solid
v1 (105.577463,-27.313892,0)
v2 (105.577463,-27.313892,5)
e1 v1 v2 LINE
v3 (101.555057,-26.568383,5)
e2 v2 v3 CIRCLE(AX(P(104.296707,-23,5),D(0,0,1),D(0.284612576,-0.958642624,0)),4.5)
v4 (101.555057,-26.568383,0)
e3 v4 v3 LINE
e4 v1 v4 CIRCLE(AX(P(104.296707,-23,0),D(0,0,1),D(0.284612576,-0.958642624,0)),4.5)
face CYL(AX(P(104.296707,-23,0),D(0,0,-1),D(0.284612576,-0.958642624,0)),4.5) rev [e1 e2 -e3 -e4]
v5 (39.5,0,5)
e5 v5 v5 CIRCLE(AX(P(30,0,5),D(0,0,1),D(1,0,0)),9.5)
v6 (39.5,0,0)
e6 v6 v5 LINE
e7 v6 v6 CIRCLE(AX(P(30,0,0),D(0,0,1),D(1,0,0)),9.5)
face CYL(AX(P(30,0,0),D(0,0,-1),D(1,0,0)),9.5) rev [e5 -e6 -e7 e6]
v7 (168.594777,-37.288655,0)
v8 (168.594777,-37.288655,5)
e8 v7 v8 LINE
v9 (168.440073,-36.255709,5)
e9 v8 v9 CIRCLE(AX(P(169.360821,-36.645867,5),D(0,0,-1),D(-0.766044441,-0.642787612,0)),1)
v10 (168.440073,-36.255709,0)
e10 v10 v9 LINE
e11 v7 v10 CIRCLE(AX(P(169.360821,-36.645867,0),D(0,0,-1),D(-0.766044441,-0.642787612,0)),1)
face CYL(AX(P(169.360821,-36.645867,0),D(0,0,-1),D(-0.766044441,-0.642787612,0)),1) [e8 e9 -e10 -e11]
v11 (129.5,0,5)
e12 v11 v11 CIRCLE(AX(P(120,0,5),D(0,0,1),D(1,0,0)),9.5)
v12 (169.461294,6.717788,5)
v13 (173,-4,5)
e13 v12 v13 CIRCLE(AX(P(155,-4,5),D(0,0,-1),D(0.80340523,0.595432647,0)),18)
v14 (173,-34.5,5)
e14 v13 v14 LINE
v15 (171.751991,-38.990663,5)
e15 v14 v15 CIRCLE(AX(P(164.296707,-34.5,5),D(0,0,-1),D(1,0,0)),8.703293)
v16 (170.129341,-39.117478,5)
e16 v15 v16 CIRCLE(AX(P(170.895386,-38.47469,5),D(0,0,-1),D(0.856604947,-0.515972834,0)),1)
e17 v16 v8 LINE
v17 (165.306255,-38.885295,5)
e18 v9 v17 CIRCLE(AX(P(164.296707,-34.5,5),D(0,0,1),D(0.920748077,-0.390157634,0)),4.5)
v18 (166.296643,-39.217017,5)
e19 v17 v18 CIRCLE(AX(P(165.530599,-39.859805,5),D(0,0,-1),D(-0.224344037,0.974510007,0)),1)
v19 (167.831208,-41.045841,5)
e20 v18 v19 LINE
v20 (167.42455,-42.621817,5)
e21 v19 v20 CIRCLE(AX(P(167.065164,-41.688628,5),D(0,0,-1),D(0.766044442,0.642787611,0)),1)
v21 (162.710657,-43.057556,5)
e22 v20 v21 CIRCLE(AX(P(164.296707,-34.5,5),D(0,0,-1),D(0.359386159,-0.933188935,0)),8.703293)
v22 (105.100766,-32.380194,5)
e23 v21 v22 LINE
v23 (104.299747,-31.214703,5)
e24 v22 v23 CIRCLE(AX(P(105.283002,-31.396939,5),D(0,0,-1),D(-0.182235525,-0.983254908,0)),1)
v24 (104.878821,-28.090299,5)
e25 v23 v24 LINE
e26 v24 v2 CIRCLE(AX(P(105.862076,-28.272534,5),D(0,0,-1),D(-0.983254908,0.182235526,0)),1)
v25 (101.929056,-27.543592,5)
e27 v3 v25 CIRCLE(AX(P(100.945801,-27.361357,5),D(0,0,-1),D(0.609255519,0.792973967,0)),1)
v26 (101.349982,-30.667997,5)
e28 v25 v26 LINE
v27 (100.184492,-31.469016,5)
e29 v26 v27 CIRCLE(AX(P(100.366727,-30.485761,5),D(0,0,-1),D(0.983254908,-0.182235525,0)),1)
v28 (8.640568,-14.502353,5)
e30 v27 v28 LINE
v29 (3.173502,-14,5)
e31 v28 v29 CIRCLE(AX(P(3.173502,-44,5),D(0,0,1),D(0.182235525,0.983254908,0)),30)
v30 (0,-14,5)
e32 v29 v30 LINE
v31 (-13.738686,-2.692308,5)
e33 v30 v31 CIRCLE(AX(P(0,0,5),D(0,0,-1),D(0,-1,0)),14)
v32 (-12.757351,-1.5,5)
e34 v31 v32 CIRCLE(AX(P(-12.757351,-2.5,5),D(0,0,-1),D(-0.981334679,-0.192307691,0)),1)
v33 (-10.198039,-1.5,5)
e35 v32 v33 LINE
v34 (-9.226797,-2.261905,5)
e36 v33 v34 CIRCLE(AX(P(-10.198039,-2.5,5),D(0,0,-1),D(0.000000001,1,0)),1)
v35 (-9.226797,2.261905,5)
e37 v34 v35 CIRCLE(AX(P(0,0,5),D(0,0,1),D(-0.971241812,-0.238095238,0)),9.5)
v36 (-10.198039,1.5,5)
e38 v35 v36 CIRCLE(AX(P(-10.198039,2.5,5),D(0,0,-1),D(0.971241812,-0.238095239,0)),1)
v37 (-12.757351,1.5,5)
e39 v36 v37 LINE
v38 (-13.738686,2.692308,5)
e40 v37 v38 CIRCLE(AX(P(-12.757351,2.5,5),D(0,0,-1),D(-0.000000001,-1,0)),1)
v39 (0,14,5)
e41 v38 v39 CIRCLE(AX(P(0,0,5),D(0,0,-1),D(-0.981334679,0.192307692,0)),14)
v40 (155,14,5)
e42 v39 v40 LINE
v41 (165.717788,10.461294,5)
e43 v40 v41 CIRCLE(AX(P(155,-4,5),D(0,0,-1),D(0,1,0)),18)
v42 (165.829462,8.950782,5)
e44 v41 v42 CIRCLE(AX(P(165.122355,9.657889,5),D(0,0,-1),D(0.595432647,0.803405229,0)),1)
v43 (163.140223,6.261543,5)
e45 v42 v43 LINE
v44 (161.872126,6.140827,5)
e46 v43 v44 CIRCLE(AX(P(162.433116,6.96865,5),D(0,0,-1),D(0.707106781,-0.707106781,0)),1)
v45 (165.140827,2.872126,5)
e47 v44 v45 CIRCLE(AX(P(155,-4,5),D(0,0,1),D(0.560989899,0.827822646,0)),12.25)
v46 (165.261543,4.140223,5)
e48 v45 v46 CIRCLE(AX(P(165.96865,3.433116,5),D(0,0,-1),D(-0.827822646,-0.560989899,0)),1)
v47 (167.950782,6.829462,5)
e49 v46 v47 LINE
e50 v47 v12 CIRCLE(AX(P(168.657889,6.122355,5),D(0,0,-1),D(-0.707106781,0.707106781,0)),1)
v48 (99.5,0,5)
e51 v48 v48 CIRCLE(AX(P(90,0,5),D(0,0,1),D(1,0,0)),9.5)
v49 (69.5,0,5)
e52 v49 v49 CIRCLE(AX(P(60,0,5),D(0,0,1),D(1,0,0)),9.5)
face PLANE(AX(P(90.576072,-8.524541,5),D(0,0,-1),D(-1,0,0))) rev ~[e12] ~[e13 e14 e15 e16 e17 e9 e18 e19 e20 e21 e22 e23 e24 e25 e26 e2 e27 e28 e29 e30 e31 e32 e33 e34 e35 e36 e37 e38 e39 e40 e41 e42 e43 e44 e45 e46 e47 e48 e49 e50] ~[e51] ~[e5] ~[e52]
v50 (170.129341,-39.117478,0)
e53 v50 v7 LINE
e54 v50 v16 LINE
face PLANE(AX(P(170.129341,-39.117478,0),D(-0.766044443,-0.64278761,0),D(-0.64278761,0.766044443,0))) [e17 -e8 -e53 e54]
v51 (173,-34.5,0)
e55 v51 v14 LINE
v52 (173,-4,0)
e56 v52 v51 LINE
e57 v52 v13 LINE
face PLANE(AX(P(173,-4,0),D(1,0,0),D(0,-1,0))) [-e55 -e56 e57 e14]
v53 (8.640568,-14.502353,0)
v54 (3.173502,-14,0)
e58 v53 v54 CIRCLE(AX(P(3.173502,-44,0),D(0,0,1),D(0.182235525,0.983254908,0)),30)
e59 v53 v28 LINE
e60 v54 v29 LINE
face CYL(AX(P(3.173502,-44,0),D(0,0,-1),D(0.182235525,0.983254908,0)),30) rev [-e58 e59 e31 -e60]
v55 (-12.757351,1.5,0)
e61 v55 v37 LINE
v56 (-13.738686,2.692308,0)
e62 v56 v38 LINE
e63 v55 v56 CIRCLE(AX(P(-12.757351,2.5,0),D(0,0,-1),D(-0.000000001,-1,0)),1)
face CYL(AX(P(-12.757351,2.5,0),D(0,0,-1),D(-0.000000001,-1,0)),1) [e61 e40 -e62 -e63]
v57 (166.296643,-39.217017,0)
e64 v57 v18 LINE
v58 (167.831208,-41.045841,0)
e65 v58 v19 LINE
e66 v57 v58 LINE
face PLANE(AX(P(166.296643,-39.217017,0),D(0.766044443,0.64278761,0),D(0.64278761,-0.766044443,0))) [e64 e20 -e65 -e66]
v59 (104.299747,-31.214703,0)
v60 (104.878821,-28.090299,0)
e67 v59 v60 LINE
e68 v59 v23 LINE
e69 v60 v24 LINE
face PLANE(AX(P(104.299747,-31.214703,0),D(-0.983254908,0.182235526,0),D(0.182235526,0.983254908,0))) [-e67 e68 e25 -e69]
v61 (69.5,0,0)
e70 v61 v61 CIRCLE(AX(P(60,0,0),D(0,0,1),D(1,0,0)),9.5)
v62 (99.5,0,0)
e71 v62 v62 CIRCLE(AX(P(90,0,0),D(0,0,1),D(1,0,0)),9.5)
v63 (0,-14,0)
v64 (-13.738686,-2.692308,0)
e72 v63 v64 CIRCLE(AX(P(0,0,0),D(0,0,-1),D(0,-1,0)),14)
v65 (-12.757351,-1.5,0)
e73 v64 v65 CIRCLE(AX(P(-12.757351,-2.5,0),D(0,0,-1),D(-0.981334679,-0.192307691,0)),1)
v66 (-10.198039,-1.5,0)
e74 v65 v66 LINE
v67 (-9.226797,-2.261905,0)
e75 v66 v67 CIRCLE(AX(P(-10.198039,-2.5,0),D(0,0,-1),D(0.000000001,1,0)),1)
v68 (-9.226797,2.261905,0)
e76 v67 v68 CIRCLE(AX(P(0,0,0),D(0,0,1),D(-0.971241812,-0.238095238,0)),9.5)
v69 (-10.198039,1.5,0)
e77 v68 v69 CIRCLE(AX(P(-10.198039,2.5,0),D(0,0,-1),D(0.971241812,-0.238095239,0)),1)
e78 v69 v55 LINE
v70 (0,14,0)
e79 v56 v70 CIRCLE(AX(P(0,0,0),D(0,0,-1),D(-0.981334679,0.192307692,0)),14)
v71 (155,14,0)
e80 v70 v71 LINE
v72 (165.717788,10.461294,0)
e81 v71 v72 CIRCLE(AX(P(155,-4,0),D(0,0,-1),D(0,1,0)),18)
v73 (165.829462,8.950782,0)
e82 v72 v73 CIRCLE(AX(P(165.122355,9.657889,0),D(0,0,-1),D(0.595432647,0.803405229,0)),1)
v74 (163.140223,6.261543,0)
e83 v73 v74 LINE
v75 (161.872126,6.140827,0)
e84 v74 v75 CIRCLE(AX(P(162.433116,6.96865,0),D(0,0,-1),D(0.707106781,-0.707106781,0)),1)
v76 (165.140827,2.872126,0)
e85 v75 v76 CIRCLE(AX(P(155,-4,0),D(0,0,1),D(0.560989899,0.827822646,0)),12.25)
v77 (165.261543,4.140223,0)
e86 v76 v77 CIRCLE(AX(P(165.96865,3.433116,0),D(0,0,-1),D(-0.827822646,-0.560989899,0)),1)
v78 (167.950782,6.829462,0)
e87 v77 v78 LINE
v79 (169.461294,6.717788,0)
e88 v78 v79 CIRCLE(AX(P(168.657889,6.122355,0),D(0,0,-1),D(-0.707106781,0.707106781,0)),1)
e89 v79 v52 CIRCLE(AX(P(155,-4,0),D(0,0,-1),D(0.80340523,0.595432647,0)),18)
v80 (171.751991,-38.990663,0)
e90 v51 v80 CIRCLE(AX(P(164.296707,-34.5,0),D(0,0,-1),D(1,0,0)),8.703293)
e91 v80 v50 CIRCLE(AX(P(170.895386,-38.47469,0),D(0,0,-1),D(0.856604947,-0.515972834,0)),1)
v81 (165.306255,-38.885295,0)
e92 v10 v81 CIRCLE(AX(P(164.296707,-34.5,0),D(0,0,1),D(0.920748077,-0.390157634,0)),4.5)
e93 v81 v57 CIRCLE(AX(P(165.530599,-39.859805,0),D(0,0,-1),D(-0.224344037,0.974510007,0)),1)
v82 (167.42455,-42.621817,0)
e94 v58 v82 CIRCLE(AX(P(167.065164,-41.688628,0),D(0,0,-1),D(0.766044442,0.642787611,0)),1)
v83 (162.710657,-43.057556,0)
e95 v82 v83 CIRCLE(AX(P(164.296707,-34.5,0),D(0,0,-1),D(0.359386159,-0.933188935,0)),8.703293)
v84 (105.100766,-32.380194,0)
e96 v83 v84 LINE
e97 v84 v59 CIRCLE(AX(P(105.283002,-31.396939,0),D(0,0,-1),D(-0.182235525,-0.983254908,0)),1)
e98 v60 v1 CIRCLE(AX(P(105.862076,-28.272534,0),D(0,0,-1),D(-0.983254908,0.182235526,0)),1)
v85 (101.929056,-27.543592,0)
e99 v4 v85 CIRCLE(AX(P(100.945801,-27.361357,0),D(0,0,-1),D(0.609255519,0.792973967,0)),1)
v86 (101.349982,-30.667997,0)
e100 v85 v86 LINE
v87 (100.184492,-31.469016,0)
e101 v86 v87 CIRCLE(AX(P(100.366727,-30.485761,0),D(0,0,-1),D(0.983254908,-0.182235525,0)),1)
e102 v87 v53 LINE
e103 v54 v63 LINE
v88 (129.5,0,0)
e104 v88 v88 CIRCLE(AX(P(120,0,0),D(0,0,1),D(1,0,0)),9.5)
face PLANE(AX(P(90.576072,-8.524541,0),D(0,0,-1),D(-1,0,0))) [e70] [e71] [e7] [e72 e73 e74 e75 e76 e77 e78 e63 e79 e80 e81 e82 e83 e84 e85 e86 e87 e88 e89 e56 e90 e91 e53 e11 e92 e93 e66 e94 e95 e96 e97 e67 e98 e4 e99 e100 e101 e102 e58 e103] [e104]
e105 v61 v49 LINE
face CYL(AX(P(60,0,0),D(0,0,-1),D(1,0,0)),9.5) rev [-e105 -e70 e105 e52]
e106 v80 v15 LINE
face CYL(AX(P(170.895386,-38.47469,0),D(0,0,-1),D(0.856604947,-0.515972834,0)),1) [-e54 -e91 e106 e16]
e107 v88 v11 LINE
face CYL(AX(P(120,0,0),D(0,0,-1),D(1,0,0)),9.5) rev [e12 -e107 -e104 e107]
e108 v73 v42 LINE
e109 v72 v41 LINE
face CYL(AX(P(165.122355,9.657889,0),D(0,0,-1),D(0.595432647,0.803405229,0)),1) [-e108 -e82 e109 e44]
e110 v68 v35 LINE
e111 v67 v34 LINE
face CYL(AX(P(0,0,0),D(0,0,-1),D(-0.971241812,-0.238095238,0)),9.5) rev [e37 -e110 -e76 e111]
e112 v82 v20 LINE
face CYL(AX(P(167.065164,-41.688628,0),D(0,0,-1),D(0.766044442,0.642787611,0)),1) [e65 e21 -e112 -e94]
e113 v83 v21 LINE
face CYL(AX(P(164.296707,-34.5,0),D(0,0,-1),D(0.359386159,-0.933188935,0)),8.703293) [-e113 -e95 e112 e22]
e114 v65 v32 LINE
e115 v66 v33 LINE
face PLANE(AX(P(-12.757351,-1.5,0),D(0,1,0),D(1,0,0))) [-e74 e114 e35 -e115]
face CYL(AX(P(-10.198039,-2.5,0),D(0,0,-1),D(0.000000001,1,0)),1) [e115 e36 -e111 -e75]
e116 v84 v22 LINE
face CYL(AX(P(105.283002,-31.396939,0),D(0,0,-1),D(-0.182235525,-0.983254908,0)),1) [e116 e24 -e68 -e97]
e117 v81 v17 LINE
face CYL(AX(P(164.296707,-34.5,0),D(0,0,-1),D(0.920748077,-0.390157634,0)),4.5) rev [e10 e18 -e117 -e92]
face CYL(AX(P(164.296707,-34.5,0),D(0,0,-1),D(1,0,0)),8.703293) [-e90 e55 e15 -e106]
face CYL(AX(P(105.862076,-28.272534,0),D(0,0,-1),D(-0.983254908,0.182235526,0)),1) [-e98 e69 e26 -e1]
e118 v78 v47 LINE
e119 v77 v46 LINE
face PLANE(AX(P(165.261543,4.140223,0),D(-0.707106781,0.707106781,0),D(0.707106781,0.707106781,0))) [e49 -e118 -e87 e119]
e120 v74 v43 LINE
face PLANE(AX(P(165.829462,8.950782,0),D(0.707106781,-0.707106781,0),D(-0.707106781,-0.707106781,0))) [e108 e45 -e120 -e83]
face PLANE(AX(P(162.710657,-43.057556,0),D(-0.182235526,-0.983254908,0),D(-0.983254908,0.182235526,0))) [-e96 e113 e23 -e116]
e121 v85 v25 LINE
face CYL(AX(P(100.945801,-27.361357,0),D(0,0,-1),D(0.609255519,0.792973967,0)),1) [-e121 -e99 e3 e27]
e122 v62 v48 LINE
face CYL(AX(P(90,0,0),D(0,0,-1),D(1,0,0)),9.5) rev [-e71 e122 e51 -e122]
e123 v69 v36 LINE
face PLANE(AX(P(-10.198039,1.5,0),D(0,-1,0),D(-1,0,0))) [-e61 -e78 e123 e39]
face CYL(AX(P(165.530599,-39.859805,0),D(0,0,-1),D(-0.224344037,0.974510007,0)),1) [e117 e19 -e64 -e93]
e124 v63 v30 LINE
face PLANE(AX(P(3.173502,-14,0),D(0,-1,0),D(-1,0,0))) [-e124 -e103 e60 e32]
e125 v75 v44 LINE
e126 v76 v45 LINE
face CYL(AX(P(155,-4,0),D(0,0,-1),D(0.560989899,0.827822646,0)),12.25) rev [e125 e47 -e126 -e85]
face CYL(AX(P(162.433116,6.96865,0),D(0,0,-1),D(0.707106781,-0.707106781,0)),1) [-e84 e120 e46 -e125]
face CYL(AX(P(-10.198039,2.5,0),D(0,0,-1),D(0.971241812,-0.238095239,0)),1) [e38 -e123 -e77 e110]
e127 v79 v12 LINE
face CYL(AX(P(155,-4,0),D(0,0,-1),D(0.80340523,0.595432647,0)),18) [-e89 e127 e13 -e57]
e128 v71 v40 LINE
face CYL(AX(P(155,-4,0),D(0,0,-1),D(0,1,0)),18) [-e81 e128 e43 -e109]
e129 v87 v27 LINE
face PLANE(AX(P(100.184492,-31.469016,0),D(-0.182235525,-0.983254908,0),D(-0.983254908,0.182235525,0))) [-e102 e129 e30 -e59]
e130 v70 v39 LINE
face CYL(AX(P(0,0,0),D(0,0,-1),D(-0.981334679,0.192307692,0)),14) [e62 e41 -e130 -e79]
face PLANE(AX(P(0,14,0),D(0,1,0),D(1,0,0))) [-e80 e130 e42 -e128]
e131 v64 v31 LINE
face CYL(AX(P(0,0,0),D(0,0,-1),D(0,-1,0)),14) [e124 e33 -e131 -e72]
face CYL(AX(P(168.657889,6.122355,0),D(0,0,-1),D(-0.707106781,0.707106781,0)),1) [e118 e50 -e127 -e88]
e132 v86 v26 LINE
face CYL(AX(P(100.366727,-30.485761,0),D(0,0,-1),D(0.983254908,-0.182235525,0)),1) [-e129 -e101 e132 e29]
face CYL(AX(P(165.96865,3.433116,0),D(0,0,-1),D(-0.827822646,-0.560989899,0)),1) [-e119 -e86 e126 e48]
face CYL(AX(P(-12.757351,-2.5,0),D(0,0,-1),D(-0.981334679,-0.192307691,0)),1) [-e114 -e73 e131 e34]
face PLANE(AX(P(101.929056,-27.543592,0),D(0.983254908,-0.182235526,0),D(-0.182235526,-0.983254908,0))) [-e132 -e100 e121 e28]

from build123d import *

# Parameters (mm, degrees)
SKETCH1_R      = 9.5
EXTRUDE1_DEPTH = 5


with BuildPart() as part:
    # Sketch1 → Extrude1 (new body)
    with BuildSketch(Plane.XY):
        with BuildLine():
            Line((0, 14), (155, 14))
            ThreePointArc((155, 14), (160.643434486, 13.092444155), (165.717787645, 10.461294133))
            ThreePointArc((165.717787645, 10.461294133), (166.119633231, 9.731618991), (165.829461779, 8.950782122))
            Line((165.829461779, 8.950782122), (163.140222938, 6.261543282))
            ThreePointArc((163.140222938, 6.261543282), (162.527882268, 5.973150498), (161.872126258, 6.140827417))
            ThreePointArc((161.872126258, 6.140827417), (146.33794193, -12.66205807), (165.140827417, 2.872126258))
            ThreePointArc((165.140827417, 2.872126258), (164.973150498, 3.527882268), (165.261543282, 4.140222938))
            Line((165.261543282, 4.140222938), (167.950782122, 6.829461779))
            ThreePointArc((167.950782122, 6.829461779), (168.731618991, 7.119633231), (169.461294133, 6.717787645))
            ThreePointArc((169.461294133, 6.717787645), (172.092444155, 1.643434486), (173, -4))
            Line((173, -4), (173, -34.5))
            ThreePointArc((173, -34.5), (172.682195303, -36.830428123), (171.751990775, -38.990662972))
            ThreePointArc((171.751990775, -38.990662972), (170.973301155, -39.471650118), (170.129341386, -39.117477748))
            Line((170.129341386, -39.117477748), (168.594776555, -37.288654597))
            ThreePointArc((168.594776555, -37.288654597), (168.37185122, -36.79398444), (168.440072921, -36.255709354))
            ThreePointArc((168.440072921, -36.255709354), (161.404162333, -31.052800006), (165.306254745, -38.88529503))
            ThreePointArc((165.306254745, -38.88529503), (165.848198797, -38.911580258), (166.296643225, -39.217017426))
            Line((166.296643225, -39.217017426), (167.831208056, -41.045840577))
            ThreePointArc((167.831208056, -41.045840577), (168.033447677, -41.938480088), (167.424549772, -42.621817122))
            ThreePointArc((167.424549772, -42.621817122), (165.097799098, -43.166346819), (162.710657326, -43.057555971))
            Line((162.710657326, -43.057555971), (105.10076609, -32.38019375))
            ThreePointArc((105.10076609, -32.38019375), (104.458875427, -31.96334508), (104.299746708, -31.214703317))
            Line((104.299746708, -31.214703317), (104.878820837, -28.090298909))
            ThreePointArc((104.878820837, -28.090298909), (105.118722541, -27.603635328), (105.577463168, -27.31389181))
            ThreePointArc((105.577463168, -27.31389181), (105.116766441, -18.575352916), (101.555056728, -26.568382843))
            ThreePointArc((101.555056728, -26.568382843), (101.879493209, -27.003279657), (101.929056114, -27.543592333))
            Line((101.929056114, -27.543592333), (101.349981985, -30.667996741))
            ThreePointArc((101.349981985, -30.667996741), (100.933133315, -31.309887404), (100.184491552, -31.469016123))
            Line((100.184491552, -31.469016123), (8.640568057, -14.502352773))
            ThreePointArc((8.640568057, -14.502352773), (5.918550852, -14.125852173), (3.173502293, -14))
            Line((3.173502293, -14), (0, -14))
            ThreePointArc((0, -14), (-8.89684473, -10.809539946), (-13.738685501, -2.692307692))
            ThreePointArc((-13.738685501, -2.692307692), (-13.529460818, -1.864511091), (-12.757350822, -1.5))
            Line((-12.757350822, -1.5), (-10.198039027, -1.5))
            ThreePointArc((-10.198039027, -1.5), (-9.580825627, -1.713204208), (-9.226797215, -2.261904762))
            ThreePointArc((-9.226797215, -2.261904762), (9.5, 0), (-9.226797215, 2.261904762))
            ThreePointArc((-9.226797215, 2.261904762), (-9.580825627, 1.713204208), (-10.198039027, 1.5))
            Line((-10.198039027, 1.5), (-12.757350822, 1.5))
            ThreePointArc((-12.757350822, 1.5), (-13.529460818, 1.864511091), (-13.738685501, 2.692307692))
            ThreePointArc((-13.738685501, 2.692307692), (-8.89684473, 10.809539946), (0, 14))
        make_face()
        with Locations((30, 0)):
            Circle(SKETCH1_R, mode=Mode.SUBTRACT)
        with Locations((60, 0)):
            Circle(SKETCH1_R, mode=Mode.SUBTRACT)
        with Locations((90, 0)):
            Circle(SKETCH1_R, mode=Mode.SUBTRACT)
        with Locations((120, 0)):
            Circle(SKETCH1_R, mode=Mode.SUBTRACT)
    extrude(amount=EXTRUDE1_DEPTH)


solid = part.part
